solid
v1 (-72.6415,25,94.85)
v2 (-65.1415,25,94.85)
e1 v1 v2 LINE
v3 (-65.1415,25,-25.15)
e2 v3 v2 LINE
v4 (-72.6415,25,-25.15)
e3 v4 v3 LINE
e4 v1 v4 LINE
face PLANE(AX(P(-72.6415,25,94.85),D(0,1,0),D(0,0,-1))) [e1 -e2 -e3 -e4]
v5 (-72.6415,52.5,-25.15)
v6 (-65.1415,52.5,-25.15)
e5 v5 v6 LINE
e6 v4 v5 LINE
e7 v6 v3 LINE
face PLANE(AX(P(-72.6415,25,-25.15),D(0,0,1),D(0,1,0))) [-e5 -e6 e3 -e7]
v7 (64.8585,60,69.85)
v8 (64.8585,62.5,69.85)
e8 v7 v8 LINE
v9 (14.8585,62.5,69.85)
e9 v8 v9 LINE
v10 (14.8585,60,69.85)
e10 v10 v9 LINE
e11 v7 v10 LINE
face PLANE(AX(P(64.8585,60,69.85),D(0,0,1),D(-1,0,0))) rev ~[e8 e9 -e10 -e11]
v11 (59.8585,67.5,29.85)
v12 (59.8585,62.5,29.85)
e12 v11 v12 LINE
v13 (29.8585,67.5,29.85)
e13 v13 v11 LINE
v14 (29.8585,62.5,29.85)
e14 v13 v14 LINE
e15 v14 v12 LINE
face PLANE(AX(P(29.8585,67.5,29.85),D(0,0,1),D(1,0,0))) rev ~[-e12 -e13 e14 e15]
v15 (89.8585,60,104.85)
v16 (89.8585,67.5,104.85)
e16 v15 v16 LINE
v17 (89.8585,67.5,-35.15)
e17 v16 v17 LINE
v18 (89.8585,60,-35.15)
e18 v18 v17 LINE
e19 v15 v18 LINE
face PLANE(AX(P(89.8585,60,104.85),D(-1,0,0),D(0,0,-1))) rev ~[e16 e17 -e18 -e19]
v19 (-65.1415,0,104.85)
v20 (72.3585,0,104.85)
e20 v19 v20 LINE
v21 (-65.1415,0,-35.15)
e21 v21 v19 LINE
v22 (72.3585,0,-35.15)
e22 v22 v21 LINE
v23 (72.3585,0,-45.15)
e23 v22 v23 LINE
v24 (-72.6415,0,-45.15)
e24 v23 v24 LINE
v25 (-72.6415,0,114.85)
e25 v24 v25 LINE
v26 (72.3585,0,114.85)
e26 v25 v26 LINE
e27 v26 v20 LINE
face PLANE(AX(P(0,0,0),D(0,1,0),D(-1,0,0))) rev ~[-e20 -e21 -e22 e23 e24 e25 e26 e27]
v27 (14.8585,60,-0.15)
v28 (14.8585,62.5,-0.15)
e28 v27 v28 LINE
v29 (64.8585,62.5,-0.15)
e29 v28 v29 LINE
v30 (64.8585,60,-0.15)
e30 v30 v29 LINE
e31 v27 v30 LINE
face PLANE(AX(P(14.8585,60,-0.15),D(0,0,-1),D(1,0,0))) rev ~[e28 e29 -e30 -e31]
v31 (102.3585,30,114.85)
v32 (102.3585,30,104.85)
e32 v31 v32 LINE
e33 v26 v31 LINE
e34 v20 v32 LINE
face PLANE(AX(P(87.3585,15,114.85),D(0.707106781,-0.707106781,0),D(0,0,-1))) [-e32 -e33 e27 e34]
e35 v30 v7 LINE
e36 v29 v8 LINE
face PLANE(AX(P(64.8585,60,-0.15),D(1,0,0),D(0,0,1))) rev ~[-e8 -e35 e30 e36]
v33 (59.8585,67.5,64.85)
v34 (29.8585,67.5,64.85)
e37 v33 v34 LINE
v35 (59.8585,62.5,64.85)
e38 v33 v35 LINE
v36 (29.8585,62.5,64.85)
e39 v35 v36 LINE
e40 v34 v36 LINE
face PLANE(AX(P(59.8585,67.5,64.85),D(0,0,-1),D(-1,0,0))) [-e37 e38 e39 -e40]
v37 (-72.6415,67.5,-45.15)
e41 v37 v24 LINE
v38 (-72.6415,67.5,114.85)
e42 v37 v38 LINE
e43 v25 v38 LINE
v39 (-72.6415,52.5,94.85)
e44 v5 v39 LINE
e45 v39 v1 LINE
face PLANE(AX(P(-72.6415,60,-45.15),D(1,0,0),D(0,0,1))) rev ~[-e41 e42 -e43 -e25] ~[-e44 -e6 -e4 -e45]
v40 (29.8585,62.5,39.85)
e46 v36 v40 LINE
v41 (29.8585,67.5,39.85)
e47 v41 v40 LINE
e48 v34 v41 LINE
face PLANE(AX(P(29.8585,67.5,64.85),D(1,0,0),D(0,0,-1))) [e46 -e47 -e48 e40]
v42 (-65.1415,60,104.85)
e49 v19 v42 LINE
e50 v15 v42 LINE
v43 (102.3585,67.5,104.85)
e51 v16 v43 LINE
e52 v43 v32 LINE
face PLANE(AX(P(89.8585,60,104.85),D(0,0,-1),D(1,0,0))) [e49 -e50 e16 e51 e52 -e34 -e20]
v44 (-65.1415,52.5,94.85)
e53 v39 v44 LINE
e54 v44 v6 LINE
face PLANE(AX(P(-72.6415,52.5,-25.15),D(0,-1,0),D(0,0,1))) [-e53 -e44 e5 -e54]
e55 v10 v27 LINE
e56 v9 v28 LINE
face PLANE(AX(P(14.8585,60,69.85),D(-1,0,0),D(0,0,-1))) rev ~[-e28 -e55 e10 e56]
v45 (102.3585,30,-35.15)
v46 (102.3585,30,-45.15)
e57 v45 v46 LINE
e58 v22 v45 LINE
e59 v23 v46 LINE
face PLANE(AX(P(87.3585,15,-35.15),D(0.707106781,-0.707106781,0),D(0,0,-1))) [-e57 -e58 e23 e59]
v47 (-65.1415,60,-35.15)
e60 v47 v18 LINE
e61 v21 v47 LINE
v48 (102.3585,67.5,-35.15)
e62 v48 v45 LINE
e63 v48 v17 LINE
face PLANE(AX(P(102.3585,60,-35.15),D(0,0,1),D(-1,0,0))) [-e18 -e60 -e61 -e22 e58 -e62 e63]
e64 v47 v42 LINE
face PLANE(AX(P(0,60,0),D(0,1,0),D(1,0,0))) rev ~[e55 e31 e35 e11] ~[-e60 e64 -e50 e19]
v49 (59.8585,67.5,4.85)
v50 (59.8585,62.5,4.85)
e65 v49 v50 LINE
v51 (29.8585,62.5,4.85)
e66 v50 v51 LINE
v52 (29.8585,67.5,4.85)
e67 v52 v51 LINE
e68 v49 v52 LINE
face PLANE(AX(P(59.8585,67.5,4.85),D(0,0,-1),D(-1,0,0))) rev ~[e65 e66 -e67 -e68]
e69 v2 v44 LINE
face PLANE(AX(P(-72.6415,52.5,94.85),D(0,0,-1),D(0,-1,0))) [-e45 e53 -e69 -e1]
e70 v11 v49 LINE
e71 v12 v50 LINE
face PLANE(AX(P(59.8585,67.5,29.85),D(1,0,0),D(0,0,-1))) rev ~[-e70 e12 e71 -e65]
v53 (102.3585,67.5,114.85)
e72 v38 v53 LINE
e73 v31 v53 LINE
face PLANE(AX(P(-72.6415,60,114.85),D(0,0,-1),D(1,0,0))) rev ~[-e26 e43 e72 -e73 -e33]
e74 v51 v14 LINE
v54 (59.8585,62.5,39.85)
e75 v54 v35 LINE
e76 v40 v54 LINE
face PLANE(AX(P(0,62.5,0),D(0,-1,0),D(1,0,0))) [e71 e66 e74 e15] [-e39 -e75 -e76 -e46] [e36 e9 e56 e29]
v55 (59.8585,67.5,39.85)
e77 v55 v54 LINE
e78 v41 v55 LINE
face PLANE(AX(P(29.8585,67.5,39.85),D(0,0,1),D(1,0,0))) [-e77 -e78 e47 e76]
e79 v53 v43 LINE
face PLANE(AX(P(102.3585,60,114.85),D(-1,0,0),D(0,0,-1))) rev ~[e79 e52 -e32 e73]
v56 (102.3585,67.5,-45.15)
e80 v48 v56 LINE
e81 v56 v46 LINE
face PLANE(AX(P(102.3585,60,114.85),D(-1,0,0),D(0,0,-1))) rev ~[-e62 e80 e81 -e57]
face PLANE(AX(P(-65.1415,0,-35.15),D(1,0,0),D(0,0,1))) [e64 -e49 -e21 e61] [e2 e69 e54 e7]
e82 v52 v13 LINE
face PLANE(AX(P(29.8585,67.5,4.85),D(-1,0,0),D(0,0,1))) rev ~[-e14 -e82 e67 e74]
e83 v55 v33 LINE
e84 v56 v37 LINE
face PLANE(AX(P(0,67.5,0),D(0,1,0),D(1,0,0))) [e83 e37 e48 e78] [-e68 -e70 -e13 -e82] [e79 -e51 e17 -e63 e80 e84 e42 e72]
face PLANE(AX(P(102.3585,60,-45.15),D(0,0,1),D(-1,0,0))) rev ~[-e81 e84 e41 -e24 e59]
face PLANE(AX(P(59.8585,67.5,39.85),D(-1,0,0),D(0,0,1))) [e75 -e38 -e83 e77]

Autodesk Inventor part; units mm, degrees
ref_plane "YZ Plane" through (0, 0, 0) normal (1, 0, 0) x (0, 1, 0)
ref_plane "XZ Plane" through (0, 0, 0) normal (0, 1, 0) x (-1, 0, 0)
ref_plane "XY Plane" through (0, 0, 0) normal (0, 0, 1) x (1, 0, 0)
sketch "Sketch1" plane through (0, 0, 0) normal (0, 1, 0) x (-1, 0, 0)
  line L0 (72.6415, 114.85) -> (-102.3585, 114.85)
  line L1 (-102.3585, 114.85) -> (-102.3585, -45.15)
  line L2 (-102.3585, -45.15) -> (72.6415, -45.15)
  line L3 (72.6415, -45.15) -> (72.6415, 114.85)
  line L4 (65.1415, 104.85) -> (-102.3585, 104.85)
  line L5 (-102.3585, 104.85) -> (-102.3585, -35.15)
  line L6 (-102.3585, -35.15) -> (65.1415, -35.15)
  line L7 (65.1415, -35.15) -> (65.1415, 104.85)
  line L8 (-102.3585, -35.15) -> (-89.8585, -35.15)
  line L9 (-89.8585, -35.15) -> (-89.8585, 104.85)
  line L10 (-89.8585, 104.85) -> (-102.3585, 104.85)
  line L11 (-102.3585, 104.85) -> (-102.3585, -35.15)
  point P0 (0, 0)
  dimension "d0" = 175
  dimension "d1" = 160
  dimension "d2" = 7.5
  dimension "d3" = 0
  dimension "d4" = 10
  dimension "d5" = 10
  dimension "d6" = 140
  dimension "d7" = 167.5
  dimension "d8" = 12.5
extrude "Extrusion1" add sketch "Sketch1" along normal blind 60 contours L3 L2 L1 L6 L7 L4 L0
sketch "Sketch2" plane through (-72.6415, 0, -45.15) normal (-1, 0, 0) x (0, 0, 1)
  line L0 (20, 52.5) -> (140, 52.5)
  line L1 (140, 52.5) -> (140, 25)
  line L2 (140, 25) -> (20, 25)
  line L3 (20, 25) -> (20, 52.5)
  line L4 (160, 0) -> (160, 60) projected
  line L5 (0, 0) -> (0, 60) projected
  line L6 (0, 60) -> (160, 60) projected
  line L7 (0, 0) -> (160, 0) projected
  point P0 (45.15, 0)
  dimension "d11" = 20
  dimension "d12" = 20
  dimension "d13" = 7.5
  dimension "d14" = 25
  dimension "d15" = 120
  dimension "d16" = 27.5
extrude "Extrusion2" cut sketch "Sketch2" against normal blind 60 contours L0 L1 L2 L3
sketch "Sketch3" plane through (0, 60, 0) normal (0, 1, 0) x (1, 0, 0)
  line L0 (-72.6415, -114.85) -> (102.3585, -114.85) projected
  line L1 (102.3585, 45.15) -> (-72.6415, 45.15) projected
  line L2 (-72.6415, -114.85) -> (102.3585, -114.85)
  line L3 (102.3585, -114.85) -> (102.3585, 45.15)
  line L4 (102.3585, 45.15) -> (-72.6415, 45.15)
  line L5 (-72.6415, 45.15) -> (-72.6415, -114.85)
  point P0 (0, 0)
extrude "Extrusion3" add sketch "Sketch3" along normal blind 7.5
sketch "Sketch4" plane through (0, 60, 0) normal (0, -1, 0) x (1, 0, 0)
  line L0 (-65.1415, 104.85) -> (102.3585, 104.85) projected
  line L1 (102.3585, -35.15) -> (-65.1415, -35.15) projected
  line L2 (102.3585, 104.85) -> (89.8585, 104.85)
  line L3 (89.8585, 104.85) -> (89.8585, -35.15)
  line L4 (89.8585, -35.15) -> (102.3585, -35.15)
  line L5 (102.3585, -35.15) -> (102.3585, 104.85)
  point P0 (0, 0)
  dimension "d21" = 12.5
extrude "Extrusion4" cut sketch "Sketch4" against normal blind 7.5
chamfer "Chamfer1" distance 30 angle 45 2 edges at (102.3585, 0, 109.85) (102.3585, 0, -40.15)
sketch "Sketch5" plane through (0, 67.5, 0) normal (0, 1, 0) x (1, 0, 0)
  line L0 (59.8585, -4.85) -> (29.8585, -4.85)
  line L1 (29.8585, -4.85) -> (29.8585, -29.85)
  line L2 (29.8585, -29.85) -> (59.8585, -29.85)
  line L3 (59.8585, -29.85) -> (59.8585, -4.85)
  line L4 (59.8585, -64.85) -> (29.8585, -64.85)
  line L5 (29.8585, -64.85) -> (29.8585, -39.85)
  line L6 (29.8585, -39.85) -> (59.8585, -39.85)
  line L7 (59.8585, -39.85) -> (59.8585, -64.85)
  line L8 (89.8585, -104.85) -> (89.8585, 35.15) projected
  line L9 (-72.6415, -114.85) -> (102.3585, -114.85) projected
  line L10 (102.3585, 45.15) -> (-72.6415, 45.15) projected
  point P0 (0, 0)
  dimension "d27" = 30
  dimension "d28" = 30
  dimension "d29" = 10
  dimension "d30" = 50
  dimension "d31" = 50
  dimension "d32" = 25
  dimension "d33" = 30
  dimension "d34" = 30
extrude "Extrusion5" cut sketch "Sketch5" against normal blind 7.5
sketch "Sketch6" plane through (0, 60, 0) normal (0, -1, 0) x (1, 0, 0)
  line L0 (64.8585, 69.85) -> (14.8585, 69.85)
  line L1 (14.8585, 69.85) -> (14.8585, -0.15)
  line L2 (14.8585, -0.15) -> (64.8585, -0.15)
  line L3 (64.8585, -0.15) -> (64.8585, 69.85)
  line L4 (59.8585, 64.85) -> (59.8585, 39.85) projected
  line L5 (29.8585, 39.85) -> (29.8585, 64.85) projected
  line L6 (29.8585, 64.85) -> (59.8585, 64.85) projected
  line L7 (59.8585, 4.85) -> (29.8585, 4.85) projected
  point P0 (0, 0)
  dimension "d37" = 5
  dimension "d38" = 15
  dimension "d39" = 5
  dimension "d40" = 5
extrude "Extrusion6" cut sketch "Sketch6" against normal blind 2.5
equation "\"d5\" = d4"
equation "\"d12\" = d11"
equation "\"d30\" = d31"
equation "\"d34\" = d33"
properties part number "Base-Motherboard"
